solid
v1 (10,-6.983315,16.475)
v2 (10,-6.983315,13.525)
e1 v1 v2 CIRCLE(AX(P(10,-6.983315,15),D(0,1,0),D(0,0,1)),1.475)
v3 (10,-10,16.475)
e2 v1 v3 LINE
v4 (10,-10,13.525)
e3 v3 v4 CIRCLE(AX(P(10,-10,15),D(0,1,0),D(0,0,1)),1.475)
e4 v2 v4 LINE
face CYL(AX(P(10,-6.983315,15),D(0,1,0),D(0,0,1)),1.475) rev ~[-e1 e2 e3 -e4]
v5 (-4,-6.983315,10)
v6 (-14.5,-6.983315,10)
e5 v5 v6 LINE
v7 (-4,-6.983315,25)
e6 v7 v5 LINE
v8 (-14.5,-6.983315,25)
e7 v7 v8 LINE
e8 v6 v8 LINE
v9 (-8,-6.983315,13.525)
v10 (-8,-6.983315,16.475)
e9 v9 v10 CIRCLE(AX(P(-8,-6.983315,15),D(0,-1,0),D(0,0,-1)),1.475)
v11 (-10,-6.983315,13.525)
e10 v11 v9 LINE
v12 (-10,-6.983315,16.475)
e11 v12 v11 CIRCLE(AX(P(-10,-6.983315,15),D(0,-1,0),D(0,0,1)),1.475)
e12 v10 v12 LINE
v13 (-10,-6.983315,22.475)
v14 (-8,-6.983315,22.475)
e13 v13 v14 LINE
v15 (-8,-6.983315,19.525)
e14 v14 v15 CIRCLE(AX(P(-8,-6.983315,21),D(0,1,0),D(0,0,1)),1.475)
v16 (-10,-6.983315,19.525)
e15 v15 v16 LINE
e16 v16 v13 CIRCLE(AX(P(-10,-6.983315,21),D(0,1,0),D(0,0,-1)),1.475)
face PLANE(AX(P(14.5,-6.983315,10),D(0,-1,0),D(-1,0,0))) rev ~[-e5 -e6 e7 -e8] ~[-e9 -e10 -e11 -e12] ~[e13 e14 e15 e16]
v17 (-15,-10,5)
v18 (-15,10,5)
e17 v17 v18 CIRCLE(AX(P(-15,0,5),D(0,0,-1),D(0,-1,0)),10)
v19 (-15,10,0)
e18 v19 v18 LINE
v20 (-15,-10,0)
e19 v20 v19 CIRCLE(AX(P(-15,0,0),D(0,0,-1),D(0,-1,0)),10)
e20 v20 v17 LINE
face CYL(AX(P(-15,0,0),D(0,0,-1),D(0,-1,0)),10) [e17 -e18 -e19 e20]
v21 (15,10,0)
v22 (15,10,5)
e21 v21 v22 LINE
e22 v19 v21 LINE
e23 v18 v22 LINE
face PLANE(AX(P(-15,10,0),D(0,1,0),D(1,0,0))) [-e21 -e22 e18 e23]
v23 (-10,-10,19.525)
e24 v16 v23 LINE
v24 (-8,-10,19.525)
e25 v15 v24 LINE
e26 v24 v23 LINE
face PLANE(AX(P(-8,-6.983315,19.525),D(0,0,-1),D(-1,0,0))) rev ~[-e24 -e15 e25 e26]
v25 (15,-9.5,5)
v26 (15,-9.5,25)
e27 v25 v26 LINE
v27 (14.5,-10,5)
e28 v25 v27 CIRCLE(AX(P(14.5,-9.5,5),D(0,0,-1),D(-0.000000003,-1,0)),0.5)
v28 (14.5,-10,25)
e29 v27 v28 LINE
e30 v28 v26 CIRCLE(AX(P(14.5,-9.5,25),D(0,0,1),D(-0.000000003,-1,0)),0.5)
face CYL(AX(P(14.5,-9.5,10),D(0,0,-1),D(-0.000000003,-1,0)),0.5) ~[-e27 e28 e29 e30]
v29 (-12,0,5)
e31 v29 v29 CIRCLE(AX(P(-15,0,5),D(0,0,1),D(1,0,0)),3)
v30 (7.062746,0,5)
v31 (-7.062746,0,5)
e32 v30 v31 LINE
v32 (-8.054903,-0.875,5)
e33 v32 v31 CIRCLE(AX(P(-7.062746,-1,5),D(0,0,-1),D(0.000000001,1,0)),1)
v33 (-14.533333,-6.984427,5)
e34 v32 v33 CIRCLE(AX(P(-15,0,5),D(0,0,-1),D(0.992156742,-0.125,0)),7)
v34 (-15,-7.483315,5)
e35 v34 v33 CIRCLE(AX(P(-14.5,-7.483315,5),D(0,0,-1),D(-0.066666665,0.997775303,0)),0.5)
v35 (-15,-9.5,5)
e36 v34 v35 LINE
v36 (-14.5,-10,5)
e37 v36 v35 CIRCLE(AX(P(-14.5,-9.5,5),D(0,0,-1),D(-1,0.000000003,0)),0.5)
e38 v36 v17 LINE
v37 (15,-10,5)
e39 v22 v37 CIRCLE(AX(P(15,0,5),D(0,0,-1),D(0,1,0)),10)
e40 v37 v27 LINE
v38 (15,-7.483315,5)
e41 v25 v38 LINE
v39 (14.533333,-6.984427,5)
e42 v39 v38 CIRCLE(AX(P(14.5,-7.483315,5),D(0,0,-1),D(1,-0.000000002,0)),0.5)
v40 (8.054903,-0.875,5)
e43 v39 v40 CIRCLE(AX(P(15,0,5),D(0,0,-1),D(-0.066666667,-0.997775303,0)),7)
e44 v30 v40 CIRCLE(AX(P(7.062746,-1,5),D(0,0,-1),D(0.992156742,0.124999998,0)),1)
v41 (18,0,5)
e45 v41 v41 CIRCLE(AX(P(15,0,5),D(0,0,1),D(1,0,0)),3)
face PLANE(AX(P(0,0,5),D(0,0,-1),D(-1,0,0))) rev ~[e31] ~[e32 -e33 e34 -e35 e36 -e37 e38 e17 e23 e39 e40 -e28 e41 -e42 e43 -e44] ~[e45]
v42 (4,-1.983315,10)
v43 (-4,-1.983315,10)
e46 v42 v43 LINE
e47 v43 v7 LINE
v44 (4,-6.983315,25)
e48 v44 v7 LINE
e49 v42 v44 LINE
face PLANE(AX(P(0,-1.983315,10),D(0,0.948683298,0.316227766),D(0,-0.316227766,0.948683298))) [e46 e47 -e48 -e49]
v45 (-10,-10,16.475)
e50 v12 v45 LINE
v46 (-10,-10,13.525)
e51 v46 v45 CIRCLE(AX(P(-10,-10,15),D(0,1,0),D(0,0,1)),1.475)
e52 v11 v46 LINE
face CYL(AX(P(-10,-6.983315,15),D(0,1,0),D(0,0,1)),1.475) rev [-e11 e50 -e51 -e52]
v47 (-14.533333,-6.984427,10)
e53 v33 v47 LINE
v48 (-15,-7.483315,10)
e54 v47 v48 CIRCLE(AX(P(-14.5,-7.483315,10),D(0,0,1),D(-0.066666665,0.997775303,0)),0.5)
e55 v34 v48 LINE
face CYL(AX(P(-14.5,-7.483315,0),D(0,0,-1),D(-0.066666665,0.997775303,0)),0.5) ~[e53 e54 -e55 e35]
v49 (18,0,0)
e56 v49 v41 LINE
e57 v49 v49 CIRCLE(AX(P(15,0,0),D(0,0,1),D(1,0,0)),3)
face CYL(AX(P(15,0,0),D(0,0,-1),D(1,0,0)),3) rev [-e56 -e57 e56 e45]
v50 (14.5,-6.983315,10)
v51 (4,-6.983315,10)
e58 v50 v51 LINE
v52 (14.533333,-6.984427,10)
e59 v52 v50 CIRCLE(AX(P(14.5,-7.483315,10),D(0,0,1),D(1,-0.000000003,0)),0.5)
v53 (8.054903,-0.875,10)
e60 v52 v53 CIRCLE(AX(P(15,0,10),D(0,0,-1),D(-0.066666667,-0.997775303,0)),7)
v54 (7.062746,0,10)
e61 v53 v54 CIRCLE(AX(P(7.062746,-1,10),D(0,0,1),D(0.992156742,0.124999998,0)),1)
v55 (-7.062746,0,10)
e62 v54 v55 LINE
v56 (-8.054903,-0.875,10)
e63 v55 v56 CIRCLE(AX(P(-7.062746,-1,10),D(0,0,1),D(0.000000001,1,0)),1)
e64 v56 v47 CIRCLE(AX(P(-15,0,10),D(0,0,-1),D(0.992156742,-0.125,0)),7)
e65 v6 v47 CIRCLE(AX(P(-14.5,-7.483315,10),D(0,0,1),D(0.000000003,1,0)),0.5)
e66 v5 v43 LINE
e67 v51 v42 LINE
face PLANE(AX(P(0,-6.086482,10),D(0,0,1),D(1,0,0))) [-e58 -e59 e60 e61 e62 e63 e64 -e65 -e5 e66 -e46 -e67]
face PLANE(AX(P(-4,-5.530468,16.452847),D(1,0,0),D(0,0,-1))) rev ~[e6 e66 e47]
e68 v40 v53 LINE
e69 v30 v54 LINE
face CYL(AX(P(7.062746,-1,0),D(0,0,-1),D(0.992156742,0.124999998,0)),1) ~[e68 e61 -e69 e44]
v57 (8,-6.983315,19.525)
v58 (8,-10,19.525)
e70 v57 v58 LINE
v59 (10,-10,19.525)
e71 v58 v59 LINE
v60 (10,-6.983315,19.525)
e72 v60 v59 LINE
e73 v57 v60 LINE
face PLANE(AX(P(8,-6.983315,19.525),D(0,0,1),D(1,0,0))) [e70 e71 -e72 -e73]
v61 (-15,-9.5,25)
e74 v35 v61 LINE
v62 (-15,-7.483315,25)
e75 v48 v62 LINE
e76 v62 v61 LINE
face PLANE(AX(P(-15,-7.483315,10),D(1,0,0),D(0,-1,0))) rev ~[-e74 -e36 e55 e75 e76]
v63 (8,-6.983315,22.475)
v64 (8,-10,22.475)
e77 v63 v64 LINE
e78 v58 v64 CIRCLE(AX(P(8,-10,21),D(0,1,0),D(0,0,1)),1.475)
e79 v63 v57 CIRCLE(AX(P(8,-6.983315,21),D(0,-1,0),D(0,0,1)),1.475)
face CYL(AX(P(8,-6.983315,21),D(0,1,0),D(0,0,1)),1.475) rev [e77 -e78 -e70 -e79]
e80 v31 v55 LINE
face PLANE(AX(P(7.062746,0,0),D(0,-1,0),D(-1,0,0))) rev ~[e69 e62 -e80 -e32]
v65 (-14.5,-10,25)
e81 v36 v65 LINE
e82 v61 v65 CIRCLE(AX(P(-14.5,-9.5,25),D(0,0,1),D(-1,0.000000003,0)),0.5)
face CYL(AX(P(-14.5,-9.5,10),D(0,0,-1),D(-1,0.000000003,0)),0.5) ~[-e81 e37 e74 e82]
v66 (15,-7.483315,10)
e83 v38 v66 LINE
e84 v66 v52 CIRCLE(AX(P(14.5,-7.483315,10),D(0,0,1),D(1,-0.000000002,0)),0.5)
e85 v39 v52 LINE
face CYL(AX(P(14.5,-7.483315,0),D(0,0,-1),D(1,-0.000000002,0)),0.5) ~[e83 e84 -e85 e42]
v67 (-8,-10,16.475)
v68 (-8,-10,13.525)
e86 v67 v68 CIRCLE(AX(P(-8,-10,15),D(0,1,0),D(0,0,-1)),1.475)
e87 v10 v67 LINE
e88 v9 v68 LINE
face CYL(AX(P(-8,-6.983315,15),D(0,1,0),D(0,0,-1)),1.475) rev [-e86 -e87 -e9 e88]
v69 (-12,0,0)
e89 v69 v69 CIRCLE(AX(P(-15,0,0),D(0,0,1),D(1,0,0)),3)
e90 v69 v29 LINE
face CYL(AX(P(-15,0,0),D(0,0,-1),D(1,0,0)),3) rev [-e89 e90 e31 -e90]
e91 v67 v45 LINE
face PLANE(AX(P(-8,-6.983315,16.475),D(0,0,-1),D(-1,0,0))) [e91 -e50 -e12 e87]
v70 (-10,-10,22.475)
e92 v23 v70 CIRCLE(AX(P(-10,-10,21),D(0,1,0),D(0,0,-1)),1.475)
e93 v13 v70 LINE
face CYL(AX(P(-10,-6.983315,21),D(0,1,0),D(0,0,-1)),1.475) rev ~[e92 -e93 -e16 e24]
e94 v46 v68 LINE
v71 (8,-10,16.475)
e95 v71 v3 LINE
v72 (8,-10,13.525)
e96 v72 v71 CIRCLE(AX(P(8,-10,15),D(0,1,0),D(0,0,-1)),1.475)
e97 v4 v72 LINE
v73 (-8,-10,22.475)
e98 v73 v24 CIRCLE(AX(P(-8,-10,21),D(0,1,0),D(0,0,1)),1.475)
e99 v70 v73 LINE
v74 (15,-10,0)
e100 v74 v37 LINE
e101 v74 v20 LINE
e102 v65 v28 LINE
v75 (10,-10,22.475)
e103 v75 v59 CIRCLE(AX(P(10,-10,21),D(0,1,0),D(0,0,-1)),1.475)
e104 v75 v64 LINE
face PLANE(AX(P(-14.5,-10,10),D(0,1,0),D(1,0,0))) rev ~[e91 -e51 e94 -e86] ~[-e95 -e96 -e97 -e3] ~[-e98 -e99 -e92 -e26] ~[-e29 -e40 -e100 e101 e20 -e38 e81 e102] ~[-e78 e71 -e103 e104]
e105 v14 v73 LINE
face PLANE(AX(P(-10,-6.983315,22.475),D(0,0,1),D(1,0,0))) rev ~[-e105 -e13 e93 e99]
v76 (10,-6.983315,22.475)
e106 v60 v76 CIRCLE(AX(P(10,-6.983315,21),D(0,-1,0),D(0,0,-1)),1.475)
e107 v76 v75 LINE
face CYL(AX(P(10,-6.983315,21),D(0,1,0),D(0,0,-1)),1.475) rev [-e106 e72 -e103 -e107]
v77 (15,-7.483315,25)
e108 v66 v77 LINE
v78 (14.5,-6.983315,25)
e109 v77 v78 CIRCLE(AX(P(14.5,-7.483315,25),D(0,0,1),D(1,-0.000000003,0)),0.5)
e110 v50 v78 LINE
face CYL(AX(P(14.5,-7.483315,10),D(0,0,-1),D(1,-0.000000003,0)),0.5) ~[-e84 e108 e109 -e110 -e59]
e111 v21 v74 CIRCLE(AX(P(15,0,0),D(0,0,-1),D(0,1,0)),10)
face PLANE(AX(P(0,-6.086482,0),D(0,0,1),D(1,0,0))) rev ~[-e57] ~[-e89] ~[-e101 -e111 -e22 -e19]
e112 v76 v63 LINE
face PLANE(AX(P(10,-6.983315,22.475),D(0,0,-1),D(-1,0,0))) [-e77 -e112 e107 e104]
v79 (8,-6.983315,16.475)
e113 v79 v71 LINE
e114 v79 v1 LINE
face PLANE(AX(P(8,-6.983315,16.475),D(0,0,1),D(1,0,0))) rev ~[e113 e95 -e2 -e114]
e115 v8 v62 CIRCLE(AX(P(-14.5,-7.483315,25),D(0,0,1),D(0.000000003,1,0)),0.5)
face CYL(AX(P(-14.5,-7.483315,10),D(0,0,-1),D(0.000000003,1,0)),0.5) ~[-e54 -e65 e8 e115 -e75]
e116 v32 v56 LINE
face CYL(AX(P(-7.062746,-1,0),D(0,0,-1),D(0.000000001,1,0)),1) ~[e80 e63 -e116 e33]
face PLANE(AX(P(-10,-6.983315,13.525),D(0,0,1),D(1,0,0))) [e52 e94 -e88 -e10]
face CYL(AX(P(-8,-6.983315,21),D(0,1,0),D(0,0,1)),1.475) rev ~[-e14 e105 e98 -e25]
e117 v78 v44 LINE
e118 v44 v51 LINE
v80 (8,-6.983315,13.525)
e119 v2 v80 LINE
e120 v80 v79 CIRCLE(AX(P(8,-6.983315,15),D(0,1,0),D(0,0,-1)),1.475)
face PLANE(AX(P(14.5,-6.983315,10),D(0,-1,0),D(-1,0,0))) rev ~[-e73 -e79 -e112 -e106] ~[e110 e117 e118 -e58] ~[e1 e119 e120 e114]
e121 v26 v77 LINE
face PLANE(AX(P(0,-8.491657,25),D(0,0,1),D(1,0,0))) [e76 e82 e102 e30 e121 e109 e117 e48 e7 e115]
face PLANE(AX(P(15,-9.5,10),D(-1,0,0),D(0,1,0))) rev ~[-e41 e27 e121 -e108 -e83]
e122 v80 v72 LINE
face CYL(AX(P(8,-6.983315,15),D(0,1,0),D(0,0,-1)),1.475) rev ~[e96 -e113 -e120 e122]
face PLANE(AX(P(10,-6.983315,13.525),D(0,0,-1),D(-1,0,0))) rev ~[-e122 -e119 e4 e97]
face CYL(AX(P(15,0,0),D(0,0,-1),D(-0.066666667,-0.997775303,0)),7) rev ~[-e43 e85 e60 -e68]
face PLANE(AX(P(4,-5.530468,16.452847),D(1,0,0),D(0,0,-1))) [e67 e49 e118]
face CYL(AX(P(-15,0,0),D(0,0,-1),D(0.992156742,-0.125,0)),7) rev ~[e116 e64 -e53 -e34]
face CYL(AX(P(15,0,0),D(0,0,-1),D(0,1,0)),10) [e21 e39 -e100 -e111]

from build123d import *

# Parameters (mm, degrees)
SKETCH_1_R          = 3
EXTRUDE_1_DEPTH     = 5
EXTRUDE_3_DEPTH     = 10
EXTRUDE_4_DEPTH     = 15
EXTRUDE_5_DEPTH     = 4
CUT_EXTRUDE_1_DEPTH = 3.5


with BuildPart() as part:
    # 草图1 → 凸台-拉伸1 (new body)
    with BuildSketch(Plane.XY):
        with BuildLine():
            Line((-15, 10), (15, 10))
            ThreePointArc((15, 10), (25, 0), (15, -10))
            Line((15, -10), (-15, -10))
            ThreePointArc((-15, -10), (-25, 0), (-15, 10))
        make_face()
        with Locations((-15, 0)):
            Circle(SKETCH_1_R, mode=Mode.SUBTRACT)
        with Locations((15, 0)):
            Circle(SKETCH_1_R, mode=Mode.SUBTRACT)
    extrude(amount=EXTRUDE_1_DEPTH)

    # 草图4 → 凸台-拉伸3 (add)
    with BuildSketch(Plane.XY):
        with BuildLine():
            Line((7.062746067, 0), (-7.062746067, 0))
            ThreePointArc((-7.062746067, 0), (-7.724183895, -0.25), (-8.054902808, -0.875))
            ThreePointArc((-8.054902808, -0.875), (-10.197413633, -5.092657871), (-14.533333333, -6.984427122))
            ThreePointArc((-14.533333333, -6.984427122), (-14.865148372, -7.141749748), (-15, -7.483314774))
            Line((-15, -7.483314774), (-15, -9.5))
            ThreePointArc((-15, -9.5), (-14.853553391, -9.853553391), (-14.5, -10))
            Line((-14.5, -10), (14.5, -10))
            ThreePointArc((14.5, -10), (14.853553391, -9.853553391), (15, -9.5))
            Line((15, -9.5), (15, -7.483314774))
            ThreePointArc((15, -7.483314774), (14.865148372, -7.141749748), (14.533333333, -6.984427122))
            ThreePointArc((14.533333333, -6.984427122), (10.197413633, -5.092657871), (8.054902808, -0.875))
            ThreePointArc((8.054902808, -0.875), (7.724183895, -0.25), (7.062746067, 0))
        make_face()
    extrude(amount=EXTRUDE_3_DEPTH)

    # 草图5 → 凸台-拉伸4 (add)
    with BuildSketch(Plane.XY.offset(10)):
        with BuildLine():
            Line((-15, -7.483314774), (-15, -9.5))
            ThreePointArc((-15, -9.5), (-14.853553391, -9.853553391), (-14.5, -10))
            Line((-14.5, -10), (14.5, -10))
            ThreePointArc((14.5, -10), (14.853553391, -9.853553391), (15, -9.5))
            Line((15, -9.5), (15, -7.483314774))
            ThreePointArc((15, -7.483314774), (14.853553391, -7.129761383), (14.5, -6.983314774))
            Line((14.5, -6.983314774), (-14.5, -6.983314774))
            ThreePointArc((-14.5, -6.983314774), (-14.853553391, -7.129761383), (-15, -7.483314774))
        make_face()
    extrude(amount=EXTRUDE_4_DEPTH)

    # 草图9 → 凸台-拉伸5 (add, symmetric)
    with BuildSketch(Plane(origin=(0, 0, 0), x_dir=(0, 0, -1), z_dir=(1, 0, 0))):
        Polygon((-25, -6.983314774), (-10, -6.983314774), (-10, -1.983314774), align=None)
    extrude(amount=EXTRUDE_5_DEPTH, both=True)

    # 草图10 → 切除-拉伸1 (cut)
    with BuildSketch(Plane(origin=(0, -6.983314774, 0), x_dir=(1, 0, 0), z_dir=(0, 1, 0))):
        with BuildLine():
            Line((10, -13.525), (8, -13.525))
            ThreePointArc((8, -13.525), (6.525, -15), (8, -16.475))
            Line((8, -16.475), (10, -16.475))
            ThreePointArc((10, -16.475), (11.475, -15), (10, -13.525))
        make_face()
        with BuildLine():
            Line((8, -19.525), (10, -19.525))
            ThreePointArc((10, -19.525), (11.475, -21), (10, -22.475))
            Line((10, -22.475), (8, -22.475))
            ThreePointArc((8, -22.475), (6.525, -21), (8, -19.525))
        make_face()
        with BuildLine():
            Line((-10, -13.525), (-8, -13.525))
            ThreePointArc((-8, -13.525), (-6.525, -15), (-8, -16.475))
            Line((-8, -16.475), (-10, -16.475))
            ThreePointArc((-10, -16.475), (-11.475, -15), (-10, -13.525))
        make_face()
        with BuildLine():
            Line((-8, -19.525), (-10, -19.525))
            ThreePointArc((-10, -19.525), (-11.475, -21), (-10, -22.475))
            Line((-10, -22.475), (-8, -22.475))
            ThreePointArc((-8, -22.475), (-6.525, -21), (-8, -19.525))
        make_face()
    extrude(amount=-CUT_EXTRUDE_1_DEPTH, mode=Mode.SUBTRACT)


solid = part.part
